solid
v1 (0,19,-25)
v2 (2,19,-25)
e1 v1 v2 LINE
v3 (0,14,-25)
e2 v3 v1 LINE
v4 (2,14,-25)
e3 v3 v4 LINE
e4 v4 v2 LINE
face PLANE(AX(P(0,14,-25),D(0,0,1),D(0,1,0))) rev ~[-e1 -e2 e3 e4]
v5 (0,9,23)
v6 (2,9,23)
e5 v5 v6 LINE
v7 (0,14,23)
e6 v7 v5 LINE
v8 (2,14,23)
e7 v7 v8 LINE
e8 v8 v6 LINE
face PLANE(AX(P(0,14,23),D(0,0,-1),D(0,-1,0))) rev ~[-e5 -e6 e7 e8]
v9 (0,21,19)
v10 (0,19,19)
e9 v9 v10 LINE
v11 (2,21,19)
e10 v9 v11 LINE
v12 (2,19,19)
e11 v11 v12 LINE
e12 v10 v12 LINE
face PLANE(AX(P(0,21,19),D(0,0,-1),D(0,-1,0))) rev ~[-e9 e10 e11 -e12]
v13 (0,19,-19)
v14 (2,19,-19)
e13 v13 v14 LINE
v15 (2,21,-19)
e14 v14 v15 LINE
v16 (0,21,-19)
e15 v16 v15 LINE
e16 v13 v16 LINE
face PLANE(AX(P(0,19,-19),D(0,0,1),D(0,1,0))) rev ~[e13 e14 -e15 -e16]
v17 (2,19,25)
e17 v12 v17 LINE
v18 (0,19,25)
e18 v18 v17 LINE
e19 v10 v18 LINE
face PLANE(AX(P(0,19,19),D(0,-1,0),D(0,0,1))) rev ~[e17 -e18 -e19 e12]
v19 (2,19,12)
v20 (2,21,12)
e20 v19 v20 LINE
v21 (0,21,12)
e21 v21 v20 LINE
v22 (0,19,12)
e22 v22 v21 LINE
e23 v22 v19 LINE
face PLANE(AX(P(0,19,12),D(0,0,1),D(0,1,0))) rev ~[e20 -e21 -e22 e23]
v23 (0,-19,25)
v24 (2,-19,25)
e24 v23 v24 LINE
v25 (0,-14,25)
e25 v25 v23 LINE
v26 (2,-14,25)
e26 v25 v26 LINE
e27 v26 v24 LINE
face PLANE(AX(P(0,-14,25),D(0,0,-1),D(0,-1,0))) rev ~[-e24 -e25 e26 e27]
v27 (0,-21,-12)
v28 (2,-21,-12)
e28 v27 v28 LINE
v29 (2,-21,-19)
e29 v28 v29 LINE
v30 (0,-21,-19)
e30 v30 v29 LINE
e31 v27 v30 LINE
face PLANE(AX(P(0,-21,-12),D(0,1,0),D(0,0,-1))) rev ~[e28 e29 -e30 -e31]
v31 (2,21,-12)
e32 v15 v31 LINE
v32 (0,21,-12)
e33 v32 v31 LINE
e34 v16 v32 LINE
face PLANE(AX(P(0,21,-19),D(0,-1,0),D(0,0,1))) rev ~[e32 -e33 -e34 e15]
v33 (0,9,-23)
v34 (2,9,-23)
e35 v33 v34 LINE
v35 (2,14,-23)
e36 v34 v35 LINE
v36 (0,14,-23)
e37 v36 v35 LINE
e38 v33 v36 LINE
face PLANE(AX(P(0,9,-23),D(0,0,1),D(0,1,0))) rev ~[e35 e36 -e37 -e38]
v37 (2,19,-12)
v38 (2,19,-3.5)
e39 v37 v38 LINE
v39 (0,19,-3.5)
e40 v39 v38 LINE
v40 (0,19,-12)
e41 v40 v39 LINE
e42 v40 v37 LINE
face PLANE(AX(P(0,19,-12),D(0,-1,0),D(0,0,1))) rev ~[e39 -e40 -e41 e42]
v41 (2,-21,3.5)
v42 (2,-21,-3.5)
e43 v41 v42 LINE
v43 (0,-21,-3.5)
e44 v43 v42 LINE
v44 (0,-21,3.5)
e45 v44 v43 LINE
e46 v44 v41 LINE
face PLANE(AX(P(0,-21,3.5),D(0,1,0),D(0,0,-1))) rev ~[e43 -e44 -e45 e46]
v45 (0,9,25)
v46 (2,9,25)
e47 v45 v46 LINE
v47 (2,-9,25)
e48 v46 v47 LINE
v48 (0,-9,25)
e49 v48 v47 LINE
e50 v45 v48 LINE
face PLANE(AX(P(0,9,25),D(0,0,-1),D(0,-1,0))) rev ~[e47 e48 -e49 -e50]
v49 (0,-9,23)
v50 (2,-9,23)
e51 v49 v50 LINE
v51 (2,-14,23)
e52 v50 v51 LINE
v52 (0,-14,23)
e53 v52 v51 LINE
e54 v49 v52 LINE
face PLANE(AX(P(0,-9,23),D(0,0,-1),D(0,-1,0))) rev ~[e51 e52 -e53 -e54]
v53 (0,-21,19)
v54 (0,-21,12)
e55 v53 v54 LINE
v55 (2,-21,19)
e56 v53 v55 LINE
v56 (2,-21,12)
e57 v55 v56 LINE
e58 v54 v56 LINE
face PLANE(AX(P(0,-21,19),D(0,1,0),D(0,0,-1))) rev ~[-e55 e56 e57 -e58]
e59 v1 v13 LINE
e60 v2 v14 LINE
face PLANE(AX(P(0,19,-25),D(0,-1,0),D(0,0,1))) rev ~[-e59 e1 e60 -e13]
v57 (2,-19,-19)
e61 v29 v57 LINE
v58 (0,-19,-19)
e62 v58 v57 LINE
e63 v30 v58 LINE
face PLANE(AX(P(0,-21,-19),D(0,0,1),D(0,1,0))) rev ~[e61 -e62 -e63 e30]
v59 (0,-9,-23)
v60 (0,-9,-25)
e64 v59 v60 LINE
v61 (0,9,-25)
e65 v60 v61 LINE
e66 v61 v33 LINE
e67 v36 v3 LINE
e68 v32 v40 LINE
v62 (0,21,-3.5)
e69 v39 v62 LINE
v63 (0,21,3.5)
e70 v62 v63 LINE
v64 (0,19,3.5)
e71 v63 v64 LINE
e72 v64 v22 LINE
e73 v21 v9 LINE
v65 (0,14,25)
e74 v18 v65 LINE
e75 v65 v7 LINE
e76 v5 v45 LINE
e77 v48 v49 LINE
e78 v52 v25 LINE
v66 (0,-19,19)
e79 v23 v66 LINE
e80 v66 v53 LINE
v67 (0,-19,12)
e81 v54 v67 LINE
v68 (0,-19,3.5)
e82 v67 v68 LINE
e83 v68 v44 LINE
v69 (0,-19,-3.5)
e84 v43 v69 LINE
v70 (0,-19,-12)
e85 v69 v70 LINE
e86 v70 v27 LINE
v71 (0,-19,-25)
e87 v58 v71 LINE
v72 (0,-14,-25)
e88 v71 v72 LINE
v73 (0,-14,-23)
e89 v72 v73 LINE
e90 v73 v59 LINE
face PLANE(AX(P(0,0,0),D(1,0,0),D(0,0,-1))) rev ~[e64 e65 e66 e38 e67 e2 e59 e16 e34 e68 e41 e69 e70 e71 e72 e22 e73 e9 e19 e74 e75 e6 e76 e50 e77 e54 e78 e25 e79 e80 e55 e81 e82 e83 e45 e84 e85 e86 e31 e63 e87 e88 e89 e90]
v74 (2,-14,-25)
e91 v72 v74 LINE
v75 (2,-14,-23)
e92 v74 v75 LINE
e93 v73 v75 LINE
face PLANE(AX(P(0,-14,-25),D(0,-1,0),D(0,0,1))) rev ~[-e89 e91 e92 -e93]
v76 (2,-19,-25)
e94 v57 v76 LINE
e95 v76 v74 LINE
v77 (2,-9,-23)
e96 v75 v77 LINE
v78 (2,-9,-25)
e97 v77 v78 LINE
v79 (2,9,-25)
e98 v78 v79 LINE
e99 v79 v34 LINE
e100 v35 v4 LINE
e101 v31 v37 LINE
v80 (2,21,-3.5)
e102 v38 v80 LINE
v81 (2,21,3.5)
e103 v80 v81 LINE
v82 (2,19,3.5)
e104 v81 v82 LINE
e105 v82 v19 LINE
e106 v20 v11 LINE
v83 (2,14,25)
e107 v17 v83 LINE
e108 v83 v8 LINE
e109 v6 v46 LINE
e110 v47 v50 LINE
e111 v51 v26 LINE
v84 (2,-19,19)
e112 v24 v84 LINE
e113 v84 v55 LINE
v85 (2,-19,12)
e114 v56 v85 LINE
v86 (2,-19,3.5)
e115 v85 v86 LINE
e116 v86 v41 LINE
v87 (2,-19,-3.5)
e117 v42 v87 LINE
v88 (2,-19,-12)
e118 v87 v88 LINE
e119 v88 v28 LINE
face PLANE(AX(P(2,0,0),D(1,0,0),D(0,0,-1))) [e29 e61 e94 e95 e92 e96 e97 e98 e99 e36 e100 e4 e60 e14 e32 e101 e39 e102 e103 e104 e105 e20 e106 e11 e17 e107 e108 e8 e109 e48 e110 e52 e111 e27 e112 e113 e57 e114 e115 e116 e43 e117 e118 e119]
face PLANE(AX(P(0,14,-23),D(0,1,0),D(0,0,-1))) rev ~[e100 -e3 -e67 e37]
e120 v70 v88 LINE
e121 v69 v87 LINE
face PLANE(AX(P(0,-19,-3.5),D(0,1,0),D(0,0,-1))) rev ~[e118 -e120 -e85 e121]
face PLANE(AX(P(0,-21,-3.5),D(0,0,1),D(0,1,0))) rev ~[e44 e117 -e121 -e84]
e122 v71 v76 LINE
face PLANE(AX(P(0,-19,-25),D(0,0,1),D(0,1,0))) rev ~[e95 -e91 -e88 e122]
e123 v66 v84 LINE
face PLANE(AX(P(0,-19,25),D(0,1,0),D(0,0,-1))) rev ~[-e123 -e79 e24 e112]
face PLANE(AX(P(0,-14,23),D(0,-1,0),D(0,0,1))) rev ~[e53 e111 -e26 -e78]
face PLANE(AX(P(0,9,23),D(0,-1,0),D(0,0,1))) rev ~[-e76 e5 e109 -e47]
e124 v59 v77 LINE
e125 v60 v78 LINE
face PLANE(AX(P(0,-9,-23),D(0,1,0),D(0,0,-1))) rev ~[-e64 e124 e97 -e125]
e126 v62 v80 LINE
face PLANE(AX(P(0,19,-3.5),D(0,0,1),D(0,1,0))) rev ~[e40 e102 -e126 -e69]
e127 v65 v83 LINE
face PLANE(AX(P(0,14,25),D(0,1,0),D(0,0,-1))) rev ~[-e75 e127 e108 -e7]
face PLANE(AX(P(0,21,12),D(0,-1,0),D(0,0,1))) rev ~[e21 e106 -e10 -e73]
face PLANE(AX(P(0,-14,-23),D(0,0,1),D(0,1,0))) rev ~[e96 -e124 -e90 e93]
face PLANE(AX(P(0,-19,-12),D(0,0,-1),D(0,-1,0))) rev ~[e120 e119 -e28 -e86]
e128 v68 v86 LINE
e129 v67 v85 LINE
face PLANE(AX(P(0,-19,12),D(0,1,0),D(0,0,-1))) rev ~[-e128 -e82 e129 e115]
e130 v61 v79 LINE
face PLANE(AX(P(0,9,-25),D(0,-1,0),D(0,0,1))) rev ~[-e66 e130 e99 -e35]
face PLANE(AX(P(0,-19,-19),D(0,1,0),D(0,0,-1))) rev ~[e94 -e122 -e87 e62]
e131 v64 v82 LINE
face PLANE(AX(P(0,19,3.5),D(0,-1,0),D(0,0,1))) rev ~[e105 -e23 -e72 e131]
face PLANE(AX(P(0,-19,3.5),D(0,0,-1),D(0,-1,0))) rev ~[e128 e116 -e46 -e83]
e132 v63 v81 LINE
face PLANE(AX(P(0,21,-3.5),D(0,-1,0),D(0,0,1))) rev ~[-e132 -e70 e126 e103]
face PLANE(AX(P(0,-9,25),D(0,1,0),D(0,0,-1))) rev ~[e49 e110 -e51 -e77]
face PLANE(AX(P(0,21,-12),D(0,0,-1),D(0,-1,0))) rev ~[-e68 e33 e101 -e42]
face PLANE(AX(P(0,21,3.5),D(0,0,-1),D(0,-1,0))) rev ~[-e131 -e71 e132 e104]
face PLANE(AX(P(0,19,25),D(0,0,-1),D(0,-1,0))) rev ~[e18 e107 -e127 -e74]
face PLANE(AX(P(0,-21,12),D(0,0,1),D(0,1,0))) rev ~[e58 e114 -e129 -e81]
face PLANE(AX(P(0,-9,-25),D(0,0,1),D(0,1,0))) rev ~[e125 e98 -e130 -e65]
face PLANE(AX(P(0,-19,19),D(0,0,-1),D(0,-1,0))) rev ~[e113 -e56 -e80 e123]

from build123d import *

# Parameters (mm, degrees)
BOSS_EXTRUDE1_DEPTH = 2


with BuildPart() as part:
    # Sketch1 → Boss-Extrude1 (new body)
    with BuildSketch(Plane(origin=(0, 0, 0), x_dir=(0, 0, -1), z_dir=(1, 0, 0))):
        Polygon((-19, 19), (-25, 19), (-25, 14), (-23, 14), (-23, 9), (-25, 9), (-25, -9), (-23, -9), (-23, -14), (-25, -14), (-25, -19), (-19, -19), (-19, -21), (-12, -21), (-12, -19), (-3.5, -19), (-3.5, -21), (3.5, -21), (3.5, -19), (12, -19), (12, -21), (19, -21), (19, -19), (25, -19), (25, -14), (23, -14), (23, -9), (25, -9), (25, 9), (23, 9), (23, 14), (25, 14), (25, 19), (19, 19), (19, 21), (12, 21), (12, 19), (3.5, 19), (3.5, 21), (-3.5, 21), (-3.5, 19), (-12, 19), (-12, 21), (-19, 21), align=None)
    extrude(amount=BOSS_EXTRUDE1_DEPTH)


solid = part.part
